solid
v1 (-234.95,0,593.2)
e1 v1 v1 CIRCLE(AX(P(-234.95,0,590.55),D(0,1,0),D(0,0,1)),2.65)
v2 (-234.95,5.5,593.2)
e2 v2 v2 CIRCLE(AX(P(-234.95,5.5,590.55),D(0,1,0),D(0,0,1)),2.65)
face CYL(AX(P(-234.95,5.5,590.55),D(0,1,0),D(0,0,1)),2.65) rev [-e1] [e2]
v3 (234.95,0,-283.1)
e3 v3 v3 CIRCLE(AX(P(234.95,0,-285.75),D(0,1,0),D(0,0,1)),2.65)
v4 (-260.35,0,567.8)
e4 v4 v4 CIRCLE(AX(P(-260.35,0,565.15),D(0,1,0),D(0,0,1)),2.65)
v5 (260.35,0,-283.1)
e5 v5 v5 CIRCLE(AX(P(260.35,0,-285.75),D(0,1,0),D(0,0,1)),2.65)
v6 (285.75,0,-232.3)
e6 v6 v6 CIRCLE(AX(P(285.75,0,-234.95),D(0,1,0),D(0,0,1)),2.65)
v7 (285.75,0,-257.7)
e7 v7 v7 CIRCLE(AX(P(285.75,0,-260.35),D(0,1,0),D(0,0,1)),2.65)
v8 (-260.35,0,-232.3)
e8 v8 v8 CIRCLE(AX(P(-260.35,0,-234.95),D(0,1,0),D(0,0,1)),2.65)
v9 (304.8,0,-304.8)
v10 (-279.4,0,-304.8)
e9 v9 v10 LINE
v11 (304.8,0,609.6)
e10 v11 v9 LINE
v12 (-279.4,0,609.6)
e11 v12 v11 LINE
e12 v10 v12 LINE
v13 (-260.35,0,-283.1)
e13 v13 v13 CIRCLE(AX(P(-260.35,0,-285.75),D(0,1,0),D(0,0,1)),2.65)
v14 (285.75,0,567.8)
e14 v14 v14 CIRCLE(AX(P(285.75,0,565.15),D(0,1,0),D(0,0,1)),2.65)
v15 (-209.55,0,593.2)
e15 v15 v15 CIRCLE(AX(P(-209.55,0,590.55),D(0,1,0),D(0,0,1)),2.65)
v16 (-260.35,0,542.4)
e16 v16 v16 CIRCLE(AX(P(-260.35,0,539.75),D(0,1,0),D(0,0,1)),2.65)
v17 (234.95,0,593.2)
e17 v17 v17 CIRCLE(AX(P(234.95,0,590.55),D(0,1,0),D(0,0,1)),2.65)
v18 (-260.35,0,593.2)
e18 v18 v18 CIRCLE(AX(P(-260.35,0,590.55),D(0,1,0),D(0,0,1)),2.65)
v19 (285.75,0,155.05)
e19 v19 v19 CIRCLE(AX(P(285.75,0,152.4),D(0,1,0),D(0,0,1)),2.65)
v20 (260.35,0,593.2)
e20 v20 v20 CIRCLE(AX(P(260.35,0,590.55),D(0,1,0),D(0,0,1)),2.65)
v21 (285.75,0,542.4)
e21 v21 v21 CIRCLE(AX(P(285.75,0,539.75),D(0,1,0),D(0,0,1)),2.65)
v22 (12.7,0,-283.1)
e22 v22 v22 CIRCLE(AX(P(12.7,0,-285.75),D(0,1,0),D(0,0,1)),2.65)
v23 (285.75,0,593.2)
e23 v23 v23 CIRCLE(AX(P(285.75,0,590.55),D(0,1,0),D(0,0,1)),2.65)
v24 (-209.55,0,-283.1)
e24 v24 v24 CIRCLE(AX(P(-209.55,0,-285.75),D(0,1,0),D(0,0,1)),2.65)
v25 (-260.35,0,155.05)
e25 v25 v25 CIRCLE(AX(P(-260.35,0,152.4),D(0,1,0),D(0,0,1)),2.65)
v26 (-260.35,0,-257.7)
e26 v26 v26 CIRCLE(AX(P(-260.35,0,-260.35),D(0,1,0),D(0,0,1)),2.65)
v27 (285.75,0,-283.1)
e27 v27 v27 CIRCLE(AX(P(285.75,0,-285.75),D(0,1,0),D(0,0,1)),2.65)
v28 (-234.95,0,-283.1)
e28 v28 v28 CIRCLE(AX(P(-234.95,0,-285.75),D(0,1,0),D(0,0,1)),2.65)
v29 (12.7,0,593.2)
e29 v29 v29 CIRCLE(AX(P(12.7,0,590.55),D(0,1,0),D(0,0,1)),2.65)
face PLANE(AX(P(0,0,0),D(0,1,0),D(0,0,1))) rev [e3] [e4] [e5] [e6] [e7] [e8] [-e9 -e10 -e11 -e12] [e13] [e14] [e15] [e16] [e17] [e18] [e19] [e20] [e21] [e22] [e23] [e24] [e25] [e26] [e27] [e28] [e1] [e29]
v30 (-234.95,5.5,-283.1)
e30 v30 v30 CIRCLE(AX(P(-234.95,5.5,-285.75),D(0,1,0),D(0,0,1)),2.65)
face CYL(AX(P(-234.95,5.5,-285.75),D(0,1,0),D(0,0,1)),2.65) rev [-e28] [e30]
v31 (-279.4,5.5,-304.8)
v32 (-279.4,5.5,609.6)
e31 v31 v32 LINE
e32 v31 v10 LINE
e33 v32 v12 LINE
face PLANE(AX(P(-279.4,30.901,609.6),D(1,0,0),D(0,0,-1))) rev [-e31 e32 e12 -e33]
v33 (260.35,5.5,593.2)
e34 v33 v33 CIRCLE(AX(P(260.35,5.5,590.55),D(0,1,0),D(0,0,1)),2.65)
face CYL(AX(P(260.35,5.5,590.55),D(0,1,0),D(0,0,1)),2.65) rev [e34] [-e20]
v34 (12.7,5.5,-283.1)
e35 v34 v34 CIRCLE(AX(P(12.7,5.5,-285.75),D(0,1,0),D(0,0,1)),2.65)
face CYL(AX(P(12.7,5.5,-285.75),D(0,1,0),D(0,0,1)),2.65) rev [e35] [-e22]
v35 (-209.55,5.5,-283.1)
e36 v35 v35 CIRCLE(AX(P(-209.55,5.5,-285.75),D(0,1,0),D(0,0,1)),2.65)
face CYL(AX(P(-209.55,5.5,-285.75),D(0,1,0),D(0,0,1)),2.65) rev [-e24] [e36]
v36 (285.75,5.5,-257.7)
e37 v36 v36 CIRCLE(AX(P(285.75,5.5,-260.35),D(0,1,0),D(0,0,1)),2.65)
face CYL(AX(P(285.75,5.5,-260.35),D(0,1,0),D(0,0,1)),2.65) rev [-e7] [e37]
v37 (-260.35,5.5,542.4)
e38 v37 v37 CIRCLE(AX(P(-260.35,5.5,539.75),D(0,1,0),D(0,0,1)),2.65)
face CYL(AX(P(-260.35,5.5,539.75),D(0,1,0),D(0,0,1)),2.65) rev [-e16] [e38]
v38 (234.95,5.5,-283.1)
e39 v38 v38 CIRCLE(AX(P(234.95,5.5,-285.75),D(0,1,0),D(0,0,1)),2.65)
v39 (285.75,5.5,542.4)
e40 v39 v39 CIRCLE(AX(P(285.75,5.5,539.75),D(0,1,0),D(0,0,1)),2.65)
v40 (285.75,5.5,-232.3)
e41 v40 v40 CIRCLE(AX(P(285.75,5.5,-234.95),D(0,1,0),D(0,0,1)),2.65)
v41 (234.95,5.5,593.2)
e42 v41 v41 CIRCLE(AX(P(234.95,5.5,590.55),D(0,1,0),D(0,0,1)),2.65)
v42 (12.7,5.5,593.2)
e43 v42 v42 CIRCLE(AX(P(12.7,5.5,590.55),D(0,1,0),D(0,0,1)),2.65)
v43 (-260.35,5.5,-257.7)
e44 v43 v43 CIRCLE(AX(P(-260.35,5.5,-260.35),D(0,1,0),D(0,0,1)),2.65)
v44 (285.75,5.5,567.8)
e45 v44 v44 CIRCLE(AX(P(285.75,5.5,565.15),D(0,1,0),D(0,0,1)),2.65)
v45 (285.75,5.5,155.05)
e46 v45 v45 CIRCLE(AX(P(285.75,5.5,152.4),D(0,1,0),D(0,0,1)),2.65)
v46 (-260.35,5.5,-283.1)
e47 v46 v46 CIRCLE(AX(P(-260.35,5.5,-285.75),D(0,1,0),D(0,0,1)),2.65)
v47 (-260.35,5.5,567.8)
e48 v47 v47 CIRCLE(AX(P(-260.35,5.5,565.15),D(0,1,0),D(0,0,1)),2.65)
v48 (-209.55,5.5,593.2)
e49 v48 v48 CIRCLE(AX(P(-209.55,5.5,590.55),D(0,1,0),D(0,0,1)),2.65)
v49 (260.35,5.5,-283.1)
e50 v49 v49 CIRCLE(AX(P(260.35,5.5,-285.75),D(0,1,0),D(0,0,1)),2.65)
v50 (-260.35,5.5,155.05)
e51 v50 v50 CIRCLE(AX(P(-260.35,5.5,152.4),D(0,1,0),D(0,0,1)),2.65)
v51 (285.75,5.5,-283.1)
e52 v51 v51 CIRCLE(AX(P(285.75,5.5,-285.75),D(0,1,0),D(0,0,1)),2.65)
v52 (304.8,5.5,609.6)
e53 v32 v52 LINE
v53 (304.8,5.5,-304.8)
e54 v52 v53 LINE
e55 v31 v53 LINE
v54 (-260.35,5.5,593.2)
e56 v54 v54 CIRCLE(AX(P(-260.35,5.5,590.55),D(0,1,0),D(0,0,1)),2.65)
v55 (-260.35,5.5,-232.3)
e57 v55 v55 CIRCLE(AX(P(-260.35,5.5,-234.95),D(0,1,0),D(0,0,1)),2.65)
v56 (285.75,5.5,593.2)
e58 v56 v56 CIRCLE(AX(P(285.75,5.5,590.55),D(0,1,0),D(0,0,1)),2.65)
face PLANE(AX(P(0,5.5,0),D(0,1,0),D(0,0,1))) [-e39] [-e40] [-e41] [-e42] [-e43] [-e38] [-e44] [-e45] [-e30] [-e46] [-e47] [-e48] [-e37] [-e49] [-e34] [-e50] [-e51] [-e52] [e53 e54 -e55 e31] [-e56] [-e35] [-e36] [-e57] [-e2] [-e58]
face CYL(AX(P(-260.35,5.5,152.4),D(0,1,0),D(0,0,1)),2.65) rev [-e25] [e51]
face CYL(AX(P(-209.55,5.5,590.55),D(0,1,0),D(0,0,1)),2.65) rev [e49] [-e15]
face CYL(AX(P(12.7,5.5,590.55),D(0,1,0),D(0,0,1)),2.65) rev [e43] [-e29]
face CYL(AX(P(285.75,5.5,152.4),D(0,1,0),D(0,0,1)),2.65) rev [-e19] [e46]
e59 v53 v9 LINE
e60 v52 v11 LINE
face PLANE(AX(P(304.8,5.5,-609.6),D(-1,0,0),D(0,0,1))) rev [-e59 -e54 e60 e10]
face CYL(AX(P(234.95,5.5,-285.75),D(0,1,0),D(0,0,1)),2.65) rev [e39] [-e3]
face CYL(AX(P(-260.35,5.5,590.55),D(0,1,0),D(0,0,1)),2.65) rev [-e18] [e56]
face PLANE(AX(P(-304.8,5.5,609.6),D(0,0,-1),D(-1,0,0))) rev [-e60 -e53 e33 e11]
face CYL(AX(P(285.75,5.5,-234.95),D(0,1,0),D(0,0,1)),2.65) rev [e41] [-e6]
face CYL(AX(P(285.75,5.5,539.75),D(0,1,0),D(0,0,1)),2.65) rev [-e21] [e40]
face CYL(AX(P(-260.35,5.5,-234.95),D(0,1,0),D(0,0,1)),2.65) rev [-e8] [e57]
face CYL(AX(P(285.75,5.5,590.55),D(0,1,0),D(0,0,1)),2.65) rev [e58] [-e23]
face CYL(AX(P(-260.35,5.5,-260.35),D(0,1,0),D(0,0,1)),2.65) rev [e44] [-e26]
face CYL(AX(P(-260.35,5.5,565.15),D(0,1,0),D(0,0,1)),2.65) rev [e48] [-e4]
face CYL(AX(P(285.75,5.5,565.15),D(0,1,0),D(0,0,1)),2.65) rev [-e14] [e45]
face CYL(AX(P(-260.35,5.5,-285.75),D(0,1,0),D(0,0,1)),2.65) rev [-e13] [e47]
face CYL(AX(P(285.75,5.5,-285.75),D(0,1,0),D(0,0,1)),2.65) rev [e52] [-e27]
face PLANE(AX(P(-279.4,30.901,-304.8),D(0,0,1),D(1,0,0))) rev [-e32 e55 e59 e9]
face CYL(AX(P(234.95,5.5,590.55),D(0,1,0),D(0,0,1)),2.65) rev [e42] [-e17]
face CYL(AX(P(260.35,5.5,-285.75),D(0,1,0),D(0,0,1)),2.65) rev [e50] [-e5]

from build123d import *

# Parameters (mm, degrees)
SKETCH1_W                  = 609.6
SKETCH1_H                  = 1219.2
BOSS_EXTRUDE1_DEPTH        = 5.5
SKETCH2_W                  = 584.2
SKETCH2_H                  = 2.54
EXTRUDE_THIN1_DEPTH        = 25.4
SKETCH2_3_W                = 2.54
SKETCH2_3_H                = 1219.2
SKETCH2_3_W_2              = 584.2
SKETCH2_3_H_2              = 2.54
EXTRUDE_THIN2_DEPTH        = 25.4
F_5_3_5_3_DIAMETER_HOLE1_D = 5.3
CUT_EXTRUDE1_REACH         = 684.254


with BuildPart() as part:
    # Sketch1 → Boss-Extrude1 (new body)
    with BuildSketch(Plane(origin=(0, 0, 0), x_dir=(1, 0, 0), z_dir=(0, 1, 0))):
        Rectangle(SKETCH1_W, SKETCH1_H)
    extrude(amount=BOSS_EXTRUDE1_DEPTH)

    # Sketch2 → Extrude-Thin1 (add)
    with BuildSketch(Plane(origin=(0, 5.5, 0), x_dir=(1, 0, 0), z_dir=(0, 1, 0))):
        with Locations((12.7, 306.07)):
            Rectangle(SKETCH2_W, SKETCH2_H)
    extrude(amount=EXTRUDE_THIN1_DEPTH)

    # Sketch2<3> → Extrude-Thin2 (add)
    with BuildSketch(Plane(origin=(0, 5.5, 0), x_dir=(1, 0, 0), z_dir=(0, 1, 0))):
        with Locations((-280.67, 0)):
            Rectangle(SKETCH2_3_W, SKETCH2_3_H)
        with Locations((12.7, 306.07)):
            Rectangle(SKETCH2_3_W_2, SKETCH2_3_H_2)
    extrude(amount=EXTRUDE_THIN2_DEPTH)

    # Ø5.3 (5.3) Diameter Hole1 (through all)
    with Locations(Plane(origin=(0, 5.5, 0), x_dir=(1, 0, 0), z_dir=(0, 1, 0))):
        with Locations((-260.35, 285.75), (-234.95, 285.75), (-209.55, 285.75), (-260.35, 260.35), (-260.35, 234.95), (12.7, 285.75), (234.95, 285.75), (260.35, 285.75), (285.75, 285.75), (285.75, 260.35), (285.75, 234.95), (-260.35, -152.4), (285.75, -152.4), (-260.35, -539.75), (-260.35, -565.15), (-260.35, -590.55), (-234.95, -590.55), (-209.55, -590.55), (12.7, -590.55), (234.95, -590.55), (260.35, -590.55), (285.75, -590.55), (285.75, -565.15), (285.75, -539.75)):
            Hole(F_5_3_5_3_DIAMETER_HOLE1_D / 2)

    # Sketch6 → Cut-Extrude1 (cut, up to next)
    with BuildSketch(Plane.XZ, mode=Mode.PRIVATE) as cut_extrude1_sk1:
        Polygon((-304.8, 609.6), (-279.4, 609.6), (-279.4, -304.8), (304.8, -304.8), (304.8, -609.6), (-279.4, -609.6), (-304.8, -609.6), align=None)
    cut_extrude1_tool1 = extrude(cut_extrude1_sk1.sketch, amount=-CUT_EXTRUDE1_REACH, mode=Mode.PRIVATE) & part.part
    add(cut_extrude1_tool1.solids().sort_by_distance((-32.455556, 0, -389.466667))[0], mode=Mode.SUBTRACT)


solid = part.part
